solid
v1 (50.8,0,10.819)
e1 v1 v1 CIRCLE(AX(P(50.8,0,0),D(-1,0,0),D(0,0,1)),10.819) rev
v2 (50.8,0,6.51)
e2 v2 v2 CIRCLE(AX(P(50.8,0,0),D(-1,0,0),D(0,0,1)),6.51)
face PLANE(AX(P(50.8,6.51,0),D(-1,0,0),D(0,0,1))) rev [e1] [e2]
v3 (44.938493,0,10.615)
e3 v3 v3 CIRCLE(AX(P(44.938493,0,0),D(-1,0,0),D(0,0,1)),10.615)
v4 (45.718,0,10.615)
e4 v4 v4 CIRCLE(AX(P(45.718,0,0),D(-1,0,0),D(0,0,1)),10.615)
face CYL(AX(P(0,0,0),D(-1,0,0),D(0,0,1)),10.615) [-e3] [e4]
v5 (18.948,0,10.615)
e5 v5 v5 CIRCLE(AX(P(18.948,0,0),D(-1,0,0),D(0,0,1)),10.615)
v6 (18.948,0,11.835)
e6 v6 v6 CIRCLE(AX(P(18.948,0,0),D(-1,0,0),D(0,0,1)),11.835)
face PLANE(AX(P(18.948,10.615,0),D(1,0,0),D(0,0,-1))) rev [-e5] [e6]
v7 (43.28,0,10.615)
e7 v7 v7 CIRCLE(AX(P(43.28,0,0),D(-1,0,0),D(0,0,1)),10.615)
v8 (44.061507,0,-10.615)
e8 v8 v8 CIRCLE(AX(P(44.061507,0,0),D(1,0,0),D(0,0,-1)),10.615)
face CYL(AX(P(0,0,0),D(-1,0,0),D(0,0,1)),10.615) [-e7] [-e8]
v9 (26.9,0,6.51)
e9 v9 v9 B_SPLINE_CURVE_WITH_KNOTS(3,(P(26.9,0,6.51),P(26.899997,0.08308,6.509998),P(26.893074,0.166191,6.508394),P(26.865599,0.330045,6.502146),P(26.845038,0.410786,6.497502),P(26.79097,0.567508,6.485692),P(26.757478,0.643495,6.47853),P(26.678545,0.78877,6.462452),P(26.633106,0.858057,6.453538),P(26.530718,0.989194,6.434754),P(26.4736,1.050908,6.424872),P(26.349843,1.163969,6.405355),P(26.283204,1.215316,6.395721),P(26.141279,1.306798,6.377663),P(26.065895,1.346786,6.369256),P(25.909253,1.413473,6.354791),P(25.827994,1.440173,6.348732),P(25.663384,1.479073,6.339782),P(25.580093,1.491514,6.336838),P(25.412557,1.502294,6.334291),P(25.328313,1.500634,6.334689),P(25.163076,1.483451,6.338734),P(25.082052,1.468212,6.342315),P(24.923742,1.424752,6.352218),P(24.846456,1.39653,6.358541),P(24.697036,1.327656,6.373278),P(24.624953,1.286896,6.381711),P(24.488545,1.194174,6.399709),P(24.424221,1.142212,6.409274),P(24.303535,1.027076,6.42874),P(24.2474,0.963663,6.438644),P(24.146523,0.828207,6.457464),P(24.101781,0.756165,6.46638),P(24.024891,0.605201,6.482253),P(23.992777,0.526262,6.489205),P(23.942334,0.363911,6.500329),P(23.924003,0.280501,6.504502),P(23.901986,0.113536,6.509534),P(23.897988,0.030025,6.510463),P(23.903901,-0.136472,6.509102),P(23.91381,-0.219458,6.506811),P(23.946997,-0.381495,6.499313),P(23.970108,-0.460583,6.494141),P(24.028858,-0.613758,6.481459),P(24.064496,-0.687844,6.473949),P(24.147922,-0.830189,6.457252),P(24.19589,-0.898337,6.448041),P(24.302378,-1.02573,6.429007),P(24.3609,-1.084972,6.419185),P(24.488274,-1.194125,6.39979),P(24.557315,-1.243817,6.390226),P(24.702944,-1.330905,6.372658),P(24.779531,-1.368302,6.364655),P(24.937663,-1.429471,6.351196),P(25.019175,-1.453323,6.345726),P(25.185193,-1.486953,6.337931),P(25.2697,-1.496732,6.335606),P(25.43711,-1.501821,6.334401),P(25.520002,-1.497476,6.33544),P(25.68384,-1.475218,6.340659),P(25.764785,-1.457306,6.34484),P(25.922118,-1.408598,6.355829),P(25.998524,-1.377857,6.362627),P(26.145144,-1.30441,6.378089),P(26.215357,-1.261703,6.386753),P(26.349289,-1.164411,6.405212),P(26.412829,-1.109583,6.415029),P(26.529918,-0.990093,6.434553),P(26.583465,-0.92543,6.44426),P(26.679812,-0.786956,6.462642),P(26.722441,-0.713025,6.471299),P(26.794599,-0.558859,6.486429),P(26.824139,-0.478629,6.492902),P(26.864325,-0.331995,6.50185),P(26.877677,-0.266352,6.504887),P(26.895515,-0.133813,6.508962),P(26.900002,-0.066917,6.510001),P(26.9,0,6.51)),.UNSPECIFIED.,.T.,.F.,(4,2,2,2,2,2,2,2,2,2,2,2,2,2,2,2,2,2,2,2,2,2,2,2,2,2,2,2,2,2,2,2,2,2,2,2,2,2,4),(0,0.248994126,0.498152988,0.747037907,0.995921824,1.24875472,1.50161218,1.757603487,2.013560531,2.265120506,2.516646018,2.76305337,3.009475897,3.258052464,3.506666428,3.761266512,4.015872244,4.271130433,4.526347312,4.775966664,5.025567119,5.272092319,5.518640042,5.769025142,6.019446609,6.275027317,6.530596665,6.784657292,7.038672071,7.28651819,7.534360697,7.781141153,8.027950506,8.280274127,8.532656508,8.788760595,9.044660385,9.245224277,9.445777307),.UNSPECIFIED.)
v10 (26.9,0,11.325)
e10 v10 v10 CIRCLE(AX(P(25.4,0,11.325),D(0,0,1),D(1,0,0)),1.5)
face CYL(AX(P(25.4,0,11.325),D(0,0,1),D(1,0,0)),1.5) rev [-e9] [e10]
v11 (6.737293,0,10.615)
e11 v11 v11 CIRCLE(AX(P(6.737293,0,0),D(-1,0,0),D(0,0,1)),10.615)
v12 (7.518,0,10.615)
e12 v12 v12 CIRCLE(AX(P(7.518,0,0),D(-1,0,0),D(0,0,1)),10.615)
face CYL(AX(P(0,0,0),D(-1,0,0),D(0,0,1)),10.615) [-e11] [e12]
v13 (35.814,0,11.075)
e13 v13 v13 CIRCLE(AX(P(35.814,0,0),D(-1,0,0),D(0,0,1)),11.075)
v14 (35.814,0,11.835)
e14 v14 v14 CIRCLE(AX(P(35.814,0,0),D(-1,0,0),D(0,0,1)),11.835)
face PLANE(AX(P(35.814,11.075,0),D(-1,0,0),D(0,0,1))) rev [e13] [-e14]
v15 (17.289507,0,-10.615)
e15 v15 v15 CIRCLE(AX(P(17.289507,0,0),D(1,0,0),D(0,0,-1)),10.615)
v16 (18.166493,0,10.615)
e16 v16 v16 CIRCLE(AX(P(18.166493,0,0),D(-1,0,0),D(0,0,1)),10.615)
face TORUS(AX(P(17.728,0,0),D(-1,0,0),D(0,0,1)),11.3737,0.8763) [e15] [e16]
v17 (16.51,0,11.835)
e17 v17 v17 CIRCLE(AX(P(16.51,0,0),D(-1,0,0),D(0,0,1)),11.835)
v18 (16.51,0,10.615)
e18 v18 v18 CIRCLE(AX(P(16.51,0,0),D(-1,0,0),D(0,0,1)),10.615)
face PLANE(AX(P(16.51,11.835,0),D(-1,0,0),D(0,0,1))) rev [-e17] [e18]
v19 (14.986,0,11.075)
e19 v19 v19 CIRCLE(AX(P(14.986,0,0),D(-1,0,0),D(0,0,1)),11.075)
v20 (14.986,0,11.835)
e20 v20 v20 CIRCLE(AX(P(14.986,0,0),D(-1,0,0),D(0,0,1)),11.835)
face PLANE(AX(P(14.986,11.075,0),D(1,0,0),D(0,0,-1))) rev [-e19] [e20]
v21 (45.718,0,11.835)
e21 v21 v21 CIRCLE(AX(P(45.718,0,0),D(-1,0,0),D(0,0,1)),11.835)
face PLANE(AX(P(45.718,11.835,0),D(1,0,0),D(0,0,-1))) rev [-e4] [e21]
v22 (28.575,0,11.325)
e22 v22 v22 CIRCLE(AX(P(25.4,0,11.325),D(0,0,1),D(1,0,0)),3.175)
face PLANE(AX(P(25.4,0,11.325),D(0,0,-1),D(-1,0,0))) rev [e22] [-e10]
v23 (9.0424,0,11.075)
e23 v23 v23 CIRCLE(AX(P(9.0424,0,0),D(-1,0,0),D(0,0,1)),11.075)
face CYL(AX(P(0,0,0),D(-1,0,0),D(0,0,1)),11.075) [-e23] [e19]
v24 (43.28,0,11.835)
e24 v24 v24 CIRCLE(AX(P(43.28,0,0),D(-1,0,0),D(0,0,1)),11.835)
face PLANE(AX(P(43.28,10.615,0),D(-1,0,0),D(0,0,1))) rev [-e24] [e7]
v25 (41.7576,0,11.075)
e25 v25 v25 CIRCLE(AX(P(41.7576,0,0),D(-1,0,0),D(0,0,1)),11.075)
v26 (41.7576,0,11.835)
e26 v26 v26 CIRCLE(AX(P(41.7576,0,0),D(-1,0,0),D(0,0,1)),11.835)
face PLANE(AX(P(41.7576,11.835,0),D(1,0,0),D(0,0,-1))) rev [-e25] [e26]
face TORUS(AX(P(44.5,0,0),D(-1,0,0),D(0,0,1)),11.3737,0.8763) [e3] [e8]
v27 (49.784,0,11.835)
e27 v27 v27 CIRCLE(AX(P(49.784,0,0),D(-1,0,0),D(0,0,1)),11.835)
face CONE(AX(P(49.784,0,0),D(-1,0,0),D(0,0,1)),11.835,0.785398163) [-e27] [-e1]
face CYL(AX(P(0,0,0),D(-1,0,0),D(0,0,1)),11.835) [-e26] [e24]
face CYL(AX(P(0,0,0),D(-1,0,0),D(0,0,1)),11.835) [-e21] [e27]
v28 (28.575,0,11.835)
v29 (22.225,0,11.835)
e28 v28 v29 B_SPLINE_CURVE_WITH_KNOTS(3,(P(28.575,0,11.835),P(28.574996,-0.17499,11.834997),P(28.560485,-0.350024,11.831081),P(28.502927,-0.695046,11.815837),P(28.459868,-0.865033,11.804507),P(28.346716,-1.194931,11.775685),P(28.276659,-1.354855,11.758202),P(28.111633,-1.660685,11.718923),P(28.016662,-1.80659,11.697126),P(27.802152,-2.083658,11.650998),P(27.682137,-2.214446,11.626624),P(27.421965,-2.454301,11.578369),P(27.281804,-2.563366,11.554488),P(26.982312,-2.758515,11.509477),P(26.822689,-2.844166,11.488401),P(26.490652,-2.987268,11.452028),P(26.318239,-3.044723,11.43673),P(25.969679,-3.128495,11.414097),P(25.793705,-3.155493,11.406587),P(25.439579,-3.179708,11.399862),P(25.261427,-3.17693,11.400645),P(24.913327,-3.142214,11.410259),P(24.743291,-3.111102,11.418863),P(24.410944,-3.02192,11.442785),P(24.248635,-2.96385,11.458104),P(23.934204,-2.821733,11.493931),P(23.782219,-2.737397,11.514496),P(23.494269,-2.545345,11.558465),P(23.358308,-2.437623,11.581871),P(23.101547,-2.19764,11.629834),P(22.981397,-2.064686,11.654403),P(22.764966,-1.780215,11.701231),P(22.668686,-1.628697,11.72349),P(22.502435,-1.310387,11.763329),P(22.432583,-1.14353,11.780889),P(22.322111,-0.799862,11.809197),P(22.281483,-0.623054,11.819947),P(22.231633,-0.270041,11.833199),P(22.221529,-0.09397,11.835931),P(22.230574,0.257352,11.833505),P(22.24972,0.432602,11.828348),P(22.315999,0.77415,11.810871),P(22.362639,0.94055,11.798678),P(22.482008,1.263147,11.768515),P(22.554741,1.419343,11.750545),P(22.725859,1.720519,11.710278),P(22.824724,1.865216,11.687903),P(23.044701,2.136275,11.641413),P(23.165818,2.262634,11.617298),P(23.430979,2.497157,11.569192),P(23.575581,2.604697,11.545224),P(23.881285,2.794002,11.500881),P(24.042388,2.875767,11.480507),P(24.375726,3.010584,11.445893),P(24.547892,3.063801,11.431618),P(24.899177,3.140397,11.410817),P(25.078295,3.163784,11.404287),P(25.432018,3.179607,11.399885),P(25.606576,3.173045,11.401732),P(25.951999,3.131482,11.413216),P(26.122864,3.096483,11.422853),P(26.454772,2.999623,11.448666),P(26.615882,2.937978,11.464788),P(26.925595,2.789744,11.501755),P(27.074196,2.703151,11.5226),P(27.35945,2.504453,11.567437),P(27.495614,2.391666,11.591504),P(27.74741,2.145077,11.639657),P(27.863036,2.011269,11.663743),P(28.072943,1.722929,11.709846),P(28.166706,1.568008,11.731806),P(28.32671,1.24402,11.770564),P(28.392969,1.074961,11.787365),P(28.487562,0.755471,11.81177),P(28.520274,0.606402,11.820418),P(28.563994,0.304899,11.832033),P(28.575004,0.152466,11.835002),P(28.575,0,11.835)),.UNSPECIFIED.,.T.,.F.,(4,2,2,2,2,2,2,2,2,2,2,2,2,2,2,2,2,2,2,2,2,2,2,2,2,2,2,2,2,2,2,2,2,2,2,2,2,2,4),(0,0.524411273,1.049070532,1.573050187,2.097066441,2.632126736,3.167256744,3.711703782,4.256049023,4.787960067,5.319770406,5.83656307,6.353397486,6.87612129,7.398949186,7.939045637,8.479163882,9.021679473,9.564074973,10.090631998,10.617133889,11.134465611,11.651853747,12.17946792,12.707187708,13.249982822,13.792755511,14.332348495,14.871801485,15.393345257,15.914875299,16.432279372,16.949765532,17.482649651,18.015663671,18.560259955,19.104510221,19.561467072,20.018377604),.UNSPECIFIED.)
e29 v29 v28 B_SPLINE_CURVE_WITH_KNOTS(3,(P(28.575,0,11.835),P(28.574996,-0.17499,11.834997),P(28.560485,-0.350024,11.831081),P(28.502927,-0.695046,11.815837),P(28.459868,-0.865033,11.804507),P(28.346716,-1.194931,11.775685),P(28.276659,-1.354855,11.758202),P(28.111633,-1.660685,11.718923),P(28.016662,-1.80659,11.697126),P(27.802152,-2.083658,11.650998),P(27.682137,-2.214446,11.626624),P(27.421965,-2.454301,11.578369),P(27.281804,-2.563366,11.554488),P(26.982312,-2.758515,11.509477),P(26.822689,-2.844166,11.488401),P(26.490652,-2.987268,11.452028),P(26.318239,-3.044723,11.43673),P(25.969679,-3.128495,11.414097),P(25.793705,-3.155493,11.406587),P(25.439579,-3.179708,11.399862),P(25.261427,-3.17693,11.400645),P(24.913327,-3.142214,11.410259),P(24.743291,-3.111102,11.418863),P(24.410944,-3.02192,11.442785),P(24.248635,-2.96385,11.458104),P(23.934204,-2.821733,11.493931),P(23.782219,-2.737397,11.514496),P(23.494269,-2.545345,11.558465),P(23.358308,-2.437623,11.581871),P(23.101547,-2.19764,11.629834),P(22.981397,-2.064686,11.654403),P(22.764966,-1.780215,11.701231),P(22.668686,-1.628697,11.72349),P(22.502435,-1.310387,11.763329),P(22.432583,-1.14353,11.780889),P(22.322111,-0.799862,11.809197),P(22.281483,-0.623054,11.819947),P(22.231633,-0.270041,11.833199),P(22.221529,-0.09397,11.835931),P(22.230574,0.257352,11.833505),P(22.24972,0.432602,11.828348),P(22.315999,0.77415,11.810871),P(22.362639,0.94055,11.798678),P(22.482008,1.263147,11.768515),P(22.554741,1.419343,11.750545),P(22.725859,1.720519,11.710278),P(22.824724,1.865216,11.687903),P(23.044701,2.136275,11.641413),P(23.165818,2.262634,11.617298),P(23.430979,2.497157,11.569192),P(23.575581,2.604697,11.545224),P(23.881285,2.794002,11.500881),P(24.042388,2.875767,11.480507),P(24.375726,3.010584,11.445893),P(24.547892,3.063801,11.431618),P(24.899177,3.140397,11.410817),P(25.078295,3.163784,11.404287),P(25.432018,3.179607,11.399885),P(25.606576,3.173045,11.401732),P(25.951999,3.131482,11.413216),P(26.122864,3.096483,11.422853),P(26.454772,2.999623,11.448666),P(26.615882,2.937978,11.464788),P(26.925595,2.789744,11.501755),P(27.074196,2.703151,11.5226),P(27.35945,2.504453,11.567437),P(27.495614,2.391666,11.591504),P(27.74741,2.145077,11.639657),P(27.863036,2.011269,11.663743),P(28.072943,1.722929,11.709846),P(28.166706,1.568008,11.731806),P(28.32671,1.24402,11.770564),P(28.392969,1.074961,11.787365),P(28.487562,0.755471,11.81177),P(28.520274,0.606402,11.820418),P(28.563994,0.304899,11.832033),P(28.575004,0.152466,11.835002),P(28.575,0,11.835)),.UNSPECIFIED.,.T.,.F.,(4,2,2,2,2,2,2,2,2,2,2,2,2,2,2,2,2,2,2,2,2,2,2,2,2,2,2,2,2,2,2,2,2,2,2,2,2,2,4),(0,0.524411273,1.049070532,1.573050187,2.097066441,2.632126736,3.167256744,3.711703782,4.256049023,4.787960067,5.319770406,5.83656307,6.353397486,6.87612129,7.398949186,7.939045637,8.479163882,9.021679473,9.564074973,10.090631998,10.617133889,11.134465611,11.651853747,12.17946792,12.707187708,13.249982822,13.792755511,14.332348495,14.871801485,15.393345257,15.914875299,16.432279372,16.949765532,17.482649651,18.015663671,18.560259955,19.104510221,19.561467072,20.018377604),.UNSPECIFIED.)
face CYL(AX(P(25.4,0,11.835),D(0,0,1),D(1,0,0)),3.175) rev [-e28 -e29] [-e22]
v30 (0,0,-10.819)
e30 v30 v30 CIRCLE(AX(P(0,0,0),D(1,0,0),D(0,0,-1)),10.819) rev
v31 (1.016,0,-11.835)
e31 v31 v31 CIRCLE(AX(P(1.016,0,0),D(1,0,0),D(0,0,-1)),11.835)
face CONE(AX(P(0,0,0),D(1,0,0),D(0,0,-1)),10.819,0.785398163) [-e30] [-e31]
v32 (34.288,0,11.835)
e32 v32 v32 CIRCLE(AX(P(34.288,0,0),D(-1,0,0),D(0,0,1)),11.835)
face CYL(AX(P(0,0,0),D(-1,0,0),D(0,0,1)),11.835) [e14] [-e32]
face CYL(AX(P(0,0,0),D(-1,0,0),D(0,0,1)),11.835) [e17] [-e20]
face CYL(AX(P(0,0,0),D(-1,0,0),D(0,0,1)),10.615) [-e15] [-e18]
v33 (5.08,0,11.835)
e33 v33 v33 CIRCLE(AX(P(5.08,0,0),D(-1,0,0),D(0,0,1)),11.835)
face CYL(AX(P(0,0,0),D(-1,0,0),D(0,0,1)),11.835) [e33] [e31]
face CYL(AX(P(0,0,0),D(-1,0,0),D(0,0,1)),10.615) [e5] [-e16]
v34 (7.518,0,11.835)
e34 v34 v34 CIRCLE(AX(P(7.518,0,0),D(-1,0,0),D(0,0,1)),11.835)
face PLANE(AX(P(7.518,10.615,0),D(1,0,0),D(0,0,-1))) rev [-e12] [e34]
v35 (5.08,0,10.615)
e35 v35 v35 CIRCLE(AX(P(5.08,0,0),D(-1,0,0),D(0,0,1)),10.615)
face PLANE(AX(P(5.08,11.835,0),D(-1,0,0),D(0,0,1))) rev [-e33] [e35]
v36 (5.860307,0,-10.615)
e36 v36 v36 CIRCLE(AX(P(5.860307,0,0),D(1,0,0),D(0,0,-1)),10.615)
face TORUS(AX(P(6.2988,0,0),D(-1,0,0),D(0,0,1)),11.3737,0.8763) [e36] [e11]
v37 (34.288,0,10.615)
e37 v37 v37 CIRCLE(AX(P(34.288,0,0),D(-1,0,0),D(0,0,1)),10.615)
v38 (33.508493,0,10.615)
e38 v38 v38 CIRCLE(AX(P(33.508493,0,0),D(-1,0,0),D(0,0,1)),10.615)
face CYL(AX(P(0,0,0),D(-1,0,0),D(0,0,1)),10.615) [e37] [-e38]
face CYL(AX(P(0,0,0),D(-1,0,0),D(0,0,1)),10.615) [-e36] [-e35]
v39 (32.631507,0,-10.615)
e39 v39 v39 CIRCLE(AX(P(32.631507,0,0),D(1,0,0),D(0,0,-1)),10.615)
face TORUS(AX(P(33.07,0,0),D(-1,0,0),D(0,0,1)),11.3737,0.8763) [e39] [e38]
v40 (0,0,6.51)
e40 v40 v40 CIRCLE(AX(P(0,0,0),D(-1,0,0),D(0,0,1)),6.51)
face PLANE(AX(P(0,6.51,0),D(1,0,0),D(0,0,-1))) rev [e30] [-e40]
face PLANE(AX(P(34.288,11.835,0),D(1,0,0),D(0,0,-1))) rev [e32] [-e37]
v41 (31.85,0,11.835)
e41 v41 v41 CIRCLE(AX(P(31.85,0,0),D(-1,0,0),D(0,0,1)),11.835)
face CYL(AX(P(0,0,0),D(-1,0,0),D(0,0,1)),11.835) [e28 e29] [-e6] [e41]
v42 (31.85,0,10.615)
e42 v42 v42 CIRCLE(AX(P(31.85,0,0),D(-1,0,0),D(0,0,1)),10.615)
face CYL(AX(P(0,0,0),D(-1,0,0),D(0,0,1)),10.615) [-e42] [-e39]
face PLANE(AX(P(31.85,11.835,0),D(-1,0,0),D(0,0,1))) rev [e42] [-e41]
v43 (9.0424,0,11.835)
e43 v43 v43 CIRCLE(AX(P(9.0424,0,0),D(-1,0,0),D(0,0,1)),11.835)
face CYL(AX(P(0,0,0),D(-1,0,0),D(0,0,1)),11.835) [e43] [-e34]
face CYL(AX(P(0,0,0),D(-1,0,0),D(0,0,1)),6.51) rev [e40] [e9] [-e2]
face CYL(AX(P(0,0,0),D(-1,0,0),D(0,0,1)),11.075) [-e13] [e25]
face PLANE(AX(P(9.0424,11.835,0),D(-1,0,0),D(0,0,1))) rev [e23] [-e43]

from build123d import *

# Parameters (mm, degrees)
CHAMFER1_SIZE                   = 1.016
F_1_4_0_25_DIAMETER_HOLE1_D     = 6.35
F_1_4_0_25_DIAMETER_HOLE1_DEPTH = 0.51
AIR_HOLE_D                      = 2.4892
AIR_HOLE_DEPTH                  = 6.35
AIR_HOLE_CBORE_D                = 3
AIR_HOLE_CBORE_DEPTH            = 5.99
AIR_HOLE_TIP                    = 0.747831126
SKETCH5_R                       = 0.8763


with BuildPart() as part:
    # Sketch1 → Revolve1 (revolve)
    with BuildSketch(Plane.XY, mode=Mode.PRIVATE) as revolve1_sk:
        Polygon((0, 6.51), (50.8, 6.51), (50.8, 11.835), (45.718, 11.835), (45.718, 10.615), (43.28, 10.615), (43.28, 11.835), (41.7576, 11.835), (41.7576, 11.075), (35.814, 11.075), (35.814, 11.835), (34.288, 11.835), (34.288, 10.615), (31.85, 10.615), (31.85, 11.835), (18.948, 11.835), (18.948, 10.615), (16.51, 10.615), (16.51, 11.835), (14.986, 11.835), (14.986, 11.075), (9.0424, 11.075), (9.0424, 11.835), (7.518, 11.835), (7.518, 10.615), (5.08, 10.615), (5.08, 11.835), (0, 11.835), align=None)
    revolve(revolve1_sk.sketch.rotate(Axis((0, 0, 0), (1, 0, 0)), 90), axis=Axis((0, 0, 0), (1, 0, 0)))  # turned: the seam where the file's is

    # Chamfer1
    chamfer1_edges = [part.edges().sort_by_distance(p)[0] for p in [
        (50.8, 0, -11.835),
        (0, 0, -11.835),
    ]]
    chamfer(chamfer1_edges, length=CHAMFER1_SIZE)

    # 1/4 (0.25) Diameter Hole1
    with Locations(Plane(origin=(25.4, 0, 11.835), x_dir=(1, 0, 0), z_dir=(0, 0, 1))):
        with Locations((0, 0)):
            Hole(F_1_4_0_25_DIAMETER_HOLE1_D / 2, depth=F_1_4_0_25_DIAMETER_HOLE1_DEPTH)

    # Air Hole
    with Locations(Plane.XY.offset(11.325)):
        with Locations((25.4, 0)):
            CounterBoreHole(AIR_HOLE_D / 2, AIR_HOLE_CBORE_D / 2, AIR_HOLE_CBORE_DEPTH, depth=AIR_HOLE_DEPTH)
            with Locations((0, 0, -(AIR_HOLE_DEPTH + AIR_HOLE_TIP / 2))):  # 118° drill point
                Cone(0, AIR_HOLE_D / 2, AIR_HOLE_TIP, mode=Mode.SUBTRACT)

    # Sketch5 → Revolve2 (revolve)
    with BuildSketch(Plane.XY, mode=Mode.PRIVATE) as revolve2_sk:
        with Locations((44.5, 11.3737)):
            Circle(SKETCH5_R)
        with Locations((33.07, 11.3737)):
            Circle(SKETCH5_R)
        with Locations((17.728, 11.3737)):
            Circle(SKETCH5_R)
        with Locations((6.2988, 11.3737)):
            Circle(SKETCH5_R)
    revolve(revolve2_sk.sketch.rotate(Axis((0, 0, 0), (1, 0, 0)), 90), axis=Axis((0, 0, 0), (1, 0, 0)))  # turned: the seam where the file's is


solid = part.part
